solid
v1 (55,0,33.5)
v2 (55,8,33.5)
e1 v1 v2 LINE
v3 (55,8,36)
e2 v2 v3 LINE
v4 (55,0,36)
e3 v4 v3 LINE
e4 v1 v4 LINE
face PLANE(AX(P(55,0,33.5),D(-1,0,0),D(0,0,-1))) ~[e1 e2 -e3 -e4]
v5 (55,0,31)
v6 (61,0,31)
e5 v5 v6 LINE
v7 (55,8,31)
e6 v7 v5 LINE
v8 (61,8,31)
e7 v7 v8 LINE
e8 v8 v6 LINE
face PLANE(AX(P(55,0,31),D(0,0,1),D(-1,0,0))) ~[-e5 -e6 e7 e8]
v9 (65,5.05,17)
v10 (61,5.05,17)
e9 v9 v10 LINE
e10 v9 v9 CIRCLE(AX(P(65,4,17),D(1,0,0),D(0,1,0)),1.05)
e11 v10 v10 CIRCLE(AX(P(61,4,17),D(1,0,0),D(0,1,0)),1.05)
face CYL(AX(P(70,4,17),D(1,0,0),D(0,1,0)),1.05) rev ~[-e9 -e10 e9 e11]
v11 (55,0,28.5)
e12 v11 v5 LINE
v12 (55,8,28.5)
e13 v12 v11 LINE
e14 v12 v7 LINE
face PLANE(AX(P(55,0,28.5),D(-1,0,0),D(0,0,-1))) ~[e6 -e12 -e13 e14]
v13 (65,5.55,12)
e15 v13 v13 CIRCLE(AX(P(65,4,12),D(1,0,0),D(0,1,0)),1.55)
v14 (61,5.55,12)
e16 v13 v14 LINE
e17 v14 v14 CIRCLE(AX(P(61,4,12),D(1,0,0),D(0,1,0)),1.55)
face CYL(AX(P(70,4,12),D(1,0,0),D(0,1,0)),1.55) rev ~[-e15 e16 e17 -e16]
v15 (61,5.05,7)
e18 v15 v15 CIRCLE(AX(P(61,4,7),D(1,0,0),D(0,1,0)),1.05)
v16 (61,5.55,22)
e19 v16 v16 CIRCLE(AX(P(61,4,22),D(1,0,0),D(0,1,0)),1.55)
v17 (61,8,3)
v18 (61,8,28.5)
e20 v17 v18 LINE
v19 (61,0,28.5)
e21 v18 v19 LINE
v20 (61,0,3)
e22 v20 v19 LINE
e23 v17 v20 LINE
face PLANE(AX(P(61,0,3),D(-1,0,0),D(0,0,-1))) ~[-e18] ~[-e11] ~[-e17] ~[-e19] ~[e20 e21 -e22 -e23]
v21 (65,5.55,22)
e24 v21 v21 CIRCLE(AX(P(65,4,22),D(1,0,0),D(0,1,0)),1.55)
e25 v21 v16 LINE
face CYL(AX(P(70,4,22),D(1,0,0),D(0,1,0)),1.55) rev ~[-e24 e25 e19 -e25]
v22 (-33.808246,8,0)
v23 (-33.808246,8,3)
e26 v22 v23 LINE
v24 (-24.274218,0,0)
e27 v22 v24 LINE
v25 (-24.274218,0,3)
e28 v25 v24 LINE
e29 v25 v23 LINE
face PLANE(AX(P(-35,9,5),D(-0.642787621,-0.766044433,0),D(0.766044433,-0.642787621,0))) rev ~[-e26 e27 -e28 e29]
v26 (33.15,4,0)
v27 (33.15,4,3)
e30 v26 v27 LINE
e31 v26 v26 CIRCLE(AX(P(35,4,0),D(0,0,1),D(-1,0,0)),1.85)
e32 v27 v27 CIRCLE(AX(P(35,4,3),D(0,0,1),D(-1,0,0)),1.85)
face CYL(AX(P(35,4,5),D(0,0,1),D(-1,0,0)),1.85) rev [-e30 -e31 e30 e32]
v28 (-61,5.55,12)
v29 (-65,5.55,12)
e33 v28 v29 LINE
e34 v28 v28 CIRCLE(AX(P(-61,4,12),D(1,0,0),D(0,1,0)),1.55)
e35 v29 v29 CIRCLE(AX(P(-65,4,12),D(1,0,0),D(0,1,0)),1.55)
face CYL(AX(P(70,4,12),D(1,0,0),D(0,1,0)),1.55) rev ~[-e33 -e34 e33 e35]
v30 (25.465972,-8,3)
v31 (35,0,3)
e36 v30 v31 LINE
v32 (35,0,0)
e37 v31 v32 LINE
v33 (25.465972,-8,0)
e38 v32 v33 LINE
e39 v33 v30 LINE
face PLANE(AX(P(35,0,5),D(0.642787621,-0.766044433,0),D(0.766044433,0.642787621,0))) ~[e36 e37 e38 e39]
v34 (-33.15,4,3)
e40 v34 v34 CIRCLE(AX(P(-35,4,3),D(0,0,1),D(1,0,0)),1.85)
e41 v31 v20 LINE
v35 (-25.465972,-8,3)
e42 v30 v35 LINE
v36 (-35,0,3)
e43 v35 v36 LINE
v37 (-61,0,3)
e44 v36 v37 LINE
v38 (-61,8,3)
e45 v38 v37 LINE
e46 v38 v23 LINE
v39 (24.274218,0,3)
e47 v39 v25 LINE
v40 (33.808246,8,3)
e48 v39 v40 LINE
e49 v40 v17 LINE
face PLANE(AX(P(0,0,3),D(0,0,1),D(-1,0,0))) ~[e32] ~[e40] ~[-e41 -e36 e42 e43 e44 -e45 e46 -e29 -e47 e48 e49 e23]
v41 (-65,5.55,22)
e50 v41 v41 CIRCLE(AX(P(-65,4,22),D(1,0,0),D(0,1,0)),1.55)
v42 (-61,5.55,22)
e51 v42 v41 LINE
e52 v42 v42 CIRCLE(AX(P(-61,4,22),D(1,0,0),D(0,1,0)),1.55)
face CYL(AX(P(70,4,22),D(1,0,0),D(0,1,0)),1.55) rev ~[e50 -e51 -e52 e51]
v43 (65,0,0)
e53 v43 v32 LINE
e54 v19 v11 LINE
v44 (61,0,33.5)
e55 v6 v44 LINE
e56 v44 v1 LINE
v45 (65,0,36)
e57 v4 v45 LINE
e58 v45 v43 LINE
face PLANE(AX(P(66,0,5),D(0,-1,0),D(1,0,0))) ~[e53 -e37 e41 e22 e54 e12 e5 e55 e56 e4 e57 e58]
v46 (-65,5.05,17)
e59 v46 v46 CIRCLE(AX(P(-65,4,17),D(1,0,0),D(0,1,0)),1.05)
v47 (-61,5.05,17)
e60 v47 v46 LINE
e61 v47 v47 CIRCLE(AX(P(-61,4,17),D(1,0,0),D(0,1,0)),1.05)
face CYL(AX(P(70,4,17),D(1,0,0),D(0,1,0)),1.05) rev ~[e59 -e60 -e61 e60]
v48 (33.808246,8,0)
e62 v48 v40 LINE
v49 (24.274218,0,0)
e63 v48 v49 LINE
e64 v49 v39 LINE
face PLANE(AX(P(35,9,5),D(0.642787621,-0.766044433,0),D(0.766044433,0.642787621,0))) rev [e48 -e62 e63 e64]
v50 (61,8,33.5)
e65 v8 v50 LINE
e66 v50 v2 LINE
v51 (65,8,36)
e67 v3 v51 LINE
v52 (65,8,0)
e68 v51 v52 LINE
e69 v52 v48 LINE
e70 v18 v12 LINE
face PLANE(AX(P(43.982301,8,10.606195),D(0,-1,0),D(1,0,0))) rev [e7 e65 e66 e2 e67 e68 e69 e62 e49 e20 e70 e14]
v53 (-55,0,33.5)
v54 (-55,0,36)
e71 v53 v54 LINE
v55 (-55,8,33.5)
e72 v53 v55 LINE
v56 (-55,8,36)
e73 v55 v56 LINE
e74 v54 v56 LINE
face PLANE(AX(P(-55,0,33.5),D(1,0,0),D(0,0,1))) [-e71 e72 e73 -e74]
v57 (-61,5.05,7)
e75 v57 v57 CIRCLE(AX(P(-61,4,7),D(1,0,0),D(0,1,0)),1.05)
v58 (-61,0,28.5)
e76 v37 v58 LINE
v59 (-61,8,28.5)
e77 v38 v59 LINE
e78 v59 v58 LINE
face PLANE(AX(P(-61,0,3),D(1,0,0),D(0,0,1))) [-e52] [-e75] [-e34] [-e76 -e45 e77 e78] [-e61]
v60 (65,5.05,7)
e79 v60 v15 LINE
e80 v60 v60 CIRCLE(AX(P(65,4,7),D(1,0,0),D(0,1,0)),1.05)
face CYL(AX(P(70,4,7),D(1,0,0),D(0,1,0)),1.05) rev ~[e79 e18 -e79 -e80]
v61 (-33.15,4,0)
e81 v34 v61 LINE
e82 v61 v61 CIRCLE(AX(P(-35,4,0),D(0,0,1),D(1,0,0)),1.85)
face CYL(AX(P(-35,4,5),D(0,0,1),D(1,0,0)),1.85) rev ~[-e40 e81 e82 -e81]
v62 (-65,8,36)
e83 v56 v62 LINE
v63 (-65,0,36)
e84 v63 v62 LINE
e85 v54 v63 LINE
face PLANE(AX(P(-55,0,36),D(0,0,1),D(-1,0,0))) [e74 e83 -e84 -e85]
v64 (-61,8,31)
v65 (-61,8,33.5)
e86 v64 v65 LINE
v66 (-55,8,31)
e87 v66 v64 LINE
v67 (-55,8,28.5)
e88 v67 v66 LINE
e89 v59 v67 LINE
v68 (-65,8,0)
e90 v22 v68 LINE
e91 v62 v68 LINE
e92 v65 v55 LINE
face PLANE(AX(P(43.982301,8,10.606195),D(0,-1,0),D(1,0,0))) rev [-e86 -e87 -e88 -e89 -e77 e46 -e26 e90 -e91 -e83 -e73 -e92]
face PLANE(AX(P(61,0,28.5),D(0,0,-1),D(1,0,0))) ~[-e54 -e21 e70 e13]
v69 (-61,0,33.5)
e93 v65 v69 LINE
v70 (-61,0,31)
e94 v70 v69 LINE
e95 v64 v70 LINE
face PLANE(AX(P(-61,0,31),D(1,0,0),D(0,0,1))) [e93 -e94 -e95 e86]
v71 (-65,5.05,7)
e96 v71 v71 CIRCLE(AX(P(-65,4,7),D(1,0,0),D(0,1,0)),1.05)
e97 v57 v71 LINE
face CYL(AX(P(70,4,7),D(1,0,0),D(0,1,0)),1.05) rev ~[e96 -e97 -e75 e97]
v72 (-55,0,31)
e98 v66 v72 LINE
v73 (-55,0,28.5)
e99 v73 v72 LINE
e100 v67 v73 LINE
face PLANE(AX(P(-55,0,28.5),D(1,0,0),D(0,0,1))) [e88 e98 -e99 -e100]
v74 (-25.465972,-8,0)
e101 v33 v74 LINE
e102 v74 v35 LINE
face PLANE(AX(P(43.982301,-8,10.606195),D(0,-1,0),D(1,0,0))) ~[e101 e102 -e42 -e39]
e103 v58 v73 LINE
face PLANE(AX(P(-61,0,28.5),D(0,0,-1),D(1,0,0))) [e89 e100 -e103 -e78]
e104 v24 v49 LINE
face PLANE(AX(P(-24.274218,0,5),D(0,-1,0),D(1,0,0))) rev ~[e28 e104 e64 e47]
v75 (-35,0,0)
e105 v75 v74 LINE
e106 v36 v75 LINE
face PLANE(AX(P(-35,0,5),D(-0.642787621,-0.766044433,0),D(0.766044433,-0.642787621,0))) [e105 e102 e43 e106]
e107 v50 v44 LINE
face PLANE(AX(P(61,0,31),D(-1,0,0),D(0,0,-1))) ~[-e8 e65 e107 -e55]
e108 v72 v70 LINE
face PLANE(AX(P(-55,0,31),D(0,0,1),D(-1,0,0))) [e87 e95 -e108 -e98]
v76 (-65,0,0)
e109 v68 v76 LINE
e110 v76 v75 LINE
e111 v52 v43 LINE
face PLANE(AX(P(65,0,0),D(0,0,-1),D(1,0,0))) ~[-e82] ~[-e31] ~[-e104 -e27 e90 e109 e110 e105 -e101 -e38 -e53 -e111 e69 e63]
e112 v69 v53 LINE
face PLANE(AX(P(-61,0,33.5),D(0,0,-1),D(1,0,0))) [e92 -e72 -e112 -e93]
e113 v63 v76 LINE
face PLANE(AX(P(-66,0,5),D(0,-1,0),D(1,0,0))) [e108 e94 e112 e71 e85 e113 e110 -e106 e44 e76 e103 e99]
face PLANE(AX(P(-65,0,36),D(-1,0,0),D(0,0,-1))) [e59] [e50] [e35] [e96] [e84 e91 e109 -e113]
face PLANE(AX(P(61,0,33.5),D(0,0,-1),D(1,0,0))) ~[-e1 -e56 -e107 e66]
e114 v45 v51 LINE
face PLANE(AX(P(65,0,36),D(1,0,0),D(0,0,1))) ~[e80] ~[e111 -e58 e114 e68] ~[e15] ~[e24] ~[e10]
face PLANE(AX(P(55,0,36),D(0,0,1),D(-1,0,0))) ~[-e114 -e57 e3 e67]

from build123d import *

# Parameters (mm, degrees)
PAD_DEPTH         = 8
SKETCH002_R       = 1.85
POCKET_DEPTH      = 276.677278
POCKET_DEPTH_BACK = 302.677278
SKETCH_R          = 1.55
SKETCH_R_2        = 1.05
POCKET001_DEPTH   = 135.001


with BuildPart() as part:
    # Sketch001 → Pad (new body, symmetric)
    with BuildSketch(Plane.XZ):
        Polygon((-65, 36), (-65, 0), (0, 0), (0, 3), (-61, 3), (-61, 28.5), (-55, 28.5), (-55, 31), (-61, 31), (-61, 33.5), (-55, 33.5), (-55, 36), align=None)
    pad = extrude(amount=PAD_DEPTH, both=True)

    # Mirrored: Pad across Sketch001 V_Axis
    add(pad.mirror(Plane(origin=(0, 0, 0), x_dir=(0, -1, 0), z_dir=(1, 0, 0))))

    # Sketch002 → Pocket (cut, two sides)
    with BuildSketch(Plane.XY.offset(5)) as pocket_sk:
        with Locations((-35, 4)):
            Circle(SKETCH002_R)
        Polygon((-66, 0), (-35, 0), (-24.274218, -9), (-66, -9), align=None)
        Polygon((-35, 9), (-24.274218, 0), (0, 0), (0, 9), align=None)
    pocket = extrude(amount=-POCKET_DEPTH, mode=Mode.SUBTRACT) + extrude(pocket_sk.sketch, amount=POCKET_DEPTH_BACK, mode=Mode.SUBTRACT)

    # Mirrored001: Pocket across Sketch002 V_Axis
    add(pocket.mirror(Plane(origin=(0, 0, 5), x_dir=(0, 0, 1), z_dir=(1, 0, 0))), mode=Mode.SUBTRACT)

    # Sketch → Pocket001 (cut, through all)
    with BuildSketch(Plane.YZ.offset(70)):
        with Locations((4, 12)):
            Circle(SKETCH_R)
        with Locations((4, 7)):
            Circle(SKETCH_R_2)
        with Locations((4, 17)):
            Circle(SKETCH_R_2)
        with Locations((4, 22)):
            Circle(SKETCH_R)
    extrude(amount=-POCKET001_DEPTH, mode=Mode.SUBTRACT)


solid = part.part
